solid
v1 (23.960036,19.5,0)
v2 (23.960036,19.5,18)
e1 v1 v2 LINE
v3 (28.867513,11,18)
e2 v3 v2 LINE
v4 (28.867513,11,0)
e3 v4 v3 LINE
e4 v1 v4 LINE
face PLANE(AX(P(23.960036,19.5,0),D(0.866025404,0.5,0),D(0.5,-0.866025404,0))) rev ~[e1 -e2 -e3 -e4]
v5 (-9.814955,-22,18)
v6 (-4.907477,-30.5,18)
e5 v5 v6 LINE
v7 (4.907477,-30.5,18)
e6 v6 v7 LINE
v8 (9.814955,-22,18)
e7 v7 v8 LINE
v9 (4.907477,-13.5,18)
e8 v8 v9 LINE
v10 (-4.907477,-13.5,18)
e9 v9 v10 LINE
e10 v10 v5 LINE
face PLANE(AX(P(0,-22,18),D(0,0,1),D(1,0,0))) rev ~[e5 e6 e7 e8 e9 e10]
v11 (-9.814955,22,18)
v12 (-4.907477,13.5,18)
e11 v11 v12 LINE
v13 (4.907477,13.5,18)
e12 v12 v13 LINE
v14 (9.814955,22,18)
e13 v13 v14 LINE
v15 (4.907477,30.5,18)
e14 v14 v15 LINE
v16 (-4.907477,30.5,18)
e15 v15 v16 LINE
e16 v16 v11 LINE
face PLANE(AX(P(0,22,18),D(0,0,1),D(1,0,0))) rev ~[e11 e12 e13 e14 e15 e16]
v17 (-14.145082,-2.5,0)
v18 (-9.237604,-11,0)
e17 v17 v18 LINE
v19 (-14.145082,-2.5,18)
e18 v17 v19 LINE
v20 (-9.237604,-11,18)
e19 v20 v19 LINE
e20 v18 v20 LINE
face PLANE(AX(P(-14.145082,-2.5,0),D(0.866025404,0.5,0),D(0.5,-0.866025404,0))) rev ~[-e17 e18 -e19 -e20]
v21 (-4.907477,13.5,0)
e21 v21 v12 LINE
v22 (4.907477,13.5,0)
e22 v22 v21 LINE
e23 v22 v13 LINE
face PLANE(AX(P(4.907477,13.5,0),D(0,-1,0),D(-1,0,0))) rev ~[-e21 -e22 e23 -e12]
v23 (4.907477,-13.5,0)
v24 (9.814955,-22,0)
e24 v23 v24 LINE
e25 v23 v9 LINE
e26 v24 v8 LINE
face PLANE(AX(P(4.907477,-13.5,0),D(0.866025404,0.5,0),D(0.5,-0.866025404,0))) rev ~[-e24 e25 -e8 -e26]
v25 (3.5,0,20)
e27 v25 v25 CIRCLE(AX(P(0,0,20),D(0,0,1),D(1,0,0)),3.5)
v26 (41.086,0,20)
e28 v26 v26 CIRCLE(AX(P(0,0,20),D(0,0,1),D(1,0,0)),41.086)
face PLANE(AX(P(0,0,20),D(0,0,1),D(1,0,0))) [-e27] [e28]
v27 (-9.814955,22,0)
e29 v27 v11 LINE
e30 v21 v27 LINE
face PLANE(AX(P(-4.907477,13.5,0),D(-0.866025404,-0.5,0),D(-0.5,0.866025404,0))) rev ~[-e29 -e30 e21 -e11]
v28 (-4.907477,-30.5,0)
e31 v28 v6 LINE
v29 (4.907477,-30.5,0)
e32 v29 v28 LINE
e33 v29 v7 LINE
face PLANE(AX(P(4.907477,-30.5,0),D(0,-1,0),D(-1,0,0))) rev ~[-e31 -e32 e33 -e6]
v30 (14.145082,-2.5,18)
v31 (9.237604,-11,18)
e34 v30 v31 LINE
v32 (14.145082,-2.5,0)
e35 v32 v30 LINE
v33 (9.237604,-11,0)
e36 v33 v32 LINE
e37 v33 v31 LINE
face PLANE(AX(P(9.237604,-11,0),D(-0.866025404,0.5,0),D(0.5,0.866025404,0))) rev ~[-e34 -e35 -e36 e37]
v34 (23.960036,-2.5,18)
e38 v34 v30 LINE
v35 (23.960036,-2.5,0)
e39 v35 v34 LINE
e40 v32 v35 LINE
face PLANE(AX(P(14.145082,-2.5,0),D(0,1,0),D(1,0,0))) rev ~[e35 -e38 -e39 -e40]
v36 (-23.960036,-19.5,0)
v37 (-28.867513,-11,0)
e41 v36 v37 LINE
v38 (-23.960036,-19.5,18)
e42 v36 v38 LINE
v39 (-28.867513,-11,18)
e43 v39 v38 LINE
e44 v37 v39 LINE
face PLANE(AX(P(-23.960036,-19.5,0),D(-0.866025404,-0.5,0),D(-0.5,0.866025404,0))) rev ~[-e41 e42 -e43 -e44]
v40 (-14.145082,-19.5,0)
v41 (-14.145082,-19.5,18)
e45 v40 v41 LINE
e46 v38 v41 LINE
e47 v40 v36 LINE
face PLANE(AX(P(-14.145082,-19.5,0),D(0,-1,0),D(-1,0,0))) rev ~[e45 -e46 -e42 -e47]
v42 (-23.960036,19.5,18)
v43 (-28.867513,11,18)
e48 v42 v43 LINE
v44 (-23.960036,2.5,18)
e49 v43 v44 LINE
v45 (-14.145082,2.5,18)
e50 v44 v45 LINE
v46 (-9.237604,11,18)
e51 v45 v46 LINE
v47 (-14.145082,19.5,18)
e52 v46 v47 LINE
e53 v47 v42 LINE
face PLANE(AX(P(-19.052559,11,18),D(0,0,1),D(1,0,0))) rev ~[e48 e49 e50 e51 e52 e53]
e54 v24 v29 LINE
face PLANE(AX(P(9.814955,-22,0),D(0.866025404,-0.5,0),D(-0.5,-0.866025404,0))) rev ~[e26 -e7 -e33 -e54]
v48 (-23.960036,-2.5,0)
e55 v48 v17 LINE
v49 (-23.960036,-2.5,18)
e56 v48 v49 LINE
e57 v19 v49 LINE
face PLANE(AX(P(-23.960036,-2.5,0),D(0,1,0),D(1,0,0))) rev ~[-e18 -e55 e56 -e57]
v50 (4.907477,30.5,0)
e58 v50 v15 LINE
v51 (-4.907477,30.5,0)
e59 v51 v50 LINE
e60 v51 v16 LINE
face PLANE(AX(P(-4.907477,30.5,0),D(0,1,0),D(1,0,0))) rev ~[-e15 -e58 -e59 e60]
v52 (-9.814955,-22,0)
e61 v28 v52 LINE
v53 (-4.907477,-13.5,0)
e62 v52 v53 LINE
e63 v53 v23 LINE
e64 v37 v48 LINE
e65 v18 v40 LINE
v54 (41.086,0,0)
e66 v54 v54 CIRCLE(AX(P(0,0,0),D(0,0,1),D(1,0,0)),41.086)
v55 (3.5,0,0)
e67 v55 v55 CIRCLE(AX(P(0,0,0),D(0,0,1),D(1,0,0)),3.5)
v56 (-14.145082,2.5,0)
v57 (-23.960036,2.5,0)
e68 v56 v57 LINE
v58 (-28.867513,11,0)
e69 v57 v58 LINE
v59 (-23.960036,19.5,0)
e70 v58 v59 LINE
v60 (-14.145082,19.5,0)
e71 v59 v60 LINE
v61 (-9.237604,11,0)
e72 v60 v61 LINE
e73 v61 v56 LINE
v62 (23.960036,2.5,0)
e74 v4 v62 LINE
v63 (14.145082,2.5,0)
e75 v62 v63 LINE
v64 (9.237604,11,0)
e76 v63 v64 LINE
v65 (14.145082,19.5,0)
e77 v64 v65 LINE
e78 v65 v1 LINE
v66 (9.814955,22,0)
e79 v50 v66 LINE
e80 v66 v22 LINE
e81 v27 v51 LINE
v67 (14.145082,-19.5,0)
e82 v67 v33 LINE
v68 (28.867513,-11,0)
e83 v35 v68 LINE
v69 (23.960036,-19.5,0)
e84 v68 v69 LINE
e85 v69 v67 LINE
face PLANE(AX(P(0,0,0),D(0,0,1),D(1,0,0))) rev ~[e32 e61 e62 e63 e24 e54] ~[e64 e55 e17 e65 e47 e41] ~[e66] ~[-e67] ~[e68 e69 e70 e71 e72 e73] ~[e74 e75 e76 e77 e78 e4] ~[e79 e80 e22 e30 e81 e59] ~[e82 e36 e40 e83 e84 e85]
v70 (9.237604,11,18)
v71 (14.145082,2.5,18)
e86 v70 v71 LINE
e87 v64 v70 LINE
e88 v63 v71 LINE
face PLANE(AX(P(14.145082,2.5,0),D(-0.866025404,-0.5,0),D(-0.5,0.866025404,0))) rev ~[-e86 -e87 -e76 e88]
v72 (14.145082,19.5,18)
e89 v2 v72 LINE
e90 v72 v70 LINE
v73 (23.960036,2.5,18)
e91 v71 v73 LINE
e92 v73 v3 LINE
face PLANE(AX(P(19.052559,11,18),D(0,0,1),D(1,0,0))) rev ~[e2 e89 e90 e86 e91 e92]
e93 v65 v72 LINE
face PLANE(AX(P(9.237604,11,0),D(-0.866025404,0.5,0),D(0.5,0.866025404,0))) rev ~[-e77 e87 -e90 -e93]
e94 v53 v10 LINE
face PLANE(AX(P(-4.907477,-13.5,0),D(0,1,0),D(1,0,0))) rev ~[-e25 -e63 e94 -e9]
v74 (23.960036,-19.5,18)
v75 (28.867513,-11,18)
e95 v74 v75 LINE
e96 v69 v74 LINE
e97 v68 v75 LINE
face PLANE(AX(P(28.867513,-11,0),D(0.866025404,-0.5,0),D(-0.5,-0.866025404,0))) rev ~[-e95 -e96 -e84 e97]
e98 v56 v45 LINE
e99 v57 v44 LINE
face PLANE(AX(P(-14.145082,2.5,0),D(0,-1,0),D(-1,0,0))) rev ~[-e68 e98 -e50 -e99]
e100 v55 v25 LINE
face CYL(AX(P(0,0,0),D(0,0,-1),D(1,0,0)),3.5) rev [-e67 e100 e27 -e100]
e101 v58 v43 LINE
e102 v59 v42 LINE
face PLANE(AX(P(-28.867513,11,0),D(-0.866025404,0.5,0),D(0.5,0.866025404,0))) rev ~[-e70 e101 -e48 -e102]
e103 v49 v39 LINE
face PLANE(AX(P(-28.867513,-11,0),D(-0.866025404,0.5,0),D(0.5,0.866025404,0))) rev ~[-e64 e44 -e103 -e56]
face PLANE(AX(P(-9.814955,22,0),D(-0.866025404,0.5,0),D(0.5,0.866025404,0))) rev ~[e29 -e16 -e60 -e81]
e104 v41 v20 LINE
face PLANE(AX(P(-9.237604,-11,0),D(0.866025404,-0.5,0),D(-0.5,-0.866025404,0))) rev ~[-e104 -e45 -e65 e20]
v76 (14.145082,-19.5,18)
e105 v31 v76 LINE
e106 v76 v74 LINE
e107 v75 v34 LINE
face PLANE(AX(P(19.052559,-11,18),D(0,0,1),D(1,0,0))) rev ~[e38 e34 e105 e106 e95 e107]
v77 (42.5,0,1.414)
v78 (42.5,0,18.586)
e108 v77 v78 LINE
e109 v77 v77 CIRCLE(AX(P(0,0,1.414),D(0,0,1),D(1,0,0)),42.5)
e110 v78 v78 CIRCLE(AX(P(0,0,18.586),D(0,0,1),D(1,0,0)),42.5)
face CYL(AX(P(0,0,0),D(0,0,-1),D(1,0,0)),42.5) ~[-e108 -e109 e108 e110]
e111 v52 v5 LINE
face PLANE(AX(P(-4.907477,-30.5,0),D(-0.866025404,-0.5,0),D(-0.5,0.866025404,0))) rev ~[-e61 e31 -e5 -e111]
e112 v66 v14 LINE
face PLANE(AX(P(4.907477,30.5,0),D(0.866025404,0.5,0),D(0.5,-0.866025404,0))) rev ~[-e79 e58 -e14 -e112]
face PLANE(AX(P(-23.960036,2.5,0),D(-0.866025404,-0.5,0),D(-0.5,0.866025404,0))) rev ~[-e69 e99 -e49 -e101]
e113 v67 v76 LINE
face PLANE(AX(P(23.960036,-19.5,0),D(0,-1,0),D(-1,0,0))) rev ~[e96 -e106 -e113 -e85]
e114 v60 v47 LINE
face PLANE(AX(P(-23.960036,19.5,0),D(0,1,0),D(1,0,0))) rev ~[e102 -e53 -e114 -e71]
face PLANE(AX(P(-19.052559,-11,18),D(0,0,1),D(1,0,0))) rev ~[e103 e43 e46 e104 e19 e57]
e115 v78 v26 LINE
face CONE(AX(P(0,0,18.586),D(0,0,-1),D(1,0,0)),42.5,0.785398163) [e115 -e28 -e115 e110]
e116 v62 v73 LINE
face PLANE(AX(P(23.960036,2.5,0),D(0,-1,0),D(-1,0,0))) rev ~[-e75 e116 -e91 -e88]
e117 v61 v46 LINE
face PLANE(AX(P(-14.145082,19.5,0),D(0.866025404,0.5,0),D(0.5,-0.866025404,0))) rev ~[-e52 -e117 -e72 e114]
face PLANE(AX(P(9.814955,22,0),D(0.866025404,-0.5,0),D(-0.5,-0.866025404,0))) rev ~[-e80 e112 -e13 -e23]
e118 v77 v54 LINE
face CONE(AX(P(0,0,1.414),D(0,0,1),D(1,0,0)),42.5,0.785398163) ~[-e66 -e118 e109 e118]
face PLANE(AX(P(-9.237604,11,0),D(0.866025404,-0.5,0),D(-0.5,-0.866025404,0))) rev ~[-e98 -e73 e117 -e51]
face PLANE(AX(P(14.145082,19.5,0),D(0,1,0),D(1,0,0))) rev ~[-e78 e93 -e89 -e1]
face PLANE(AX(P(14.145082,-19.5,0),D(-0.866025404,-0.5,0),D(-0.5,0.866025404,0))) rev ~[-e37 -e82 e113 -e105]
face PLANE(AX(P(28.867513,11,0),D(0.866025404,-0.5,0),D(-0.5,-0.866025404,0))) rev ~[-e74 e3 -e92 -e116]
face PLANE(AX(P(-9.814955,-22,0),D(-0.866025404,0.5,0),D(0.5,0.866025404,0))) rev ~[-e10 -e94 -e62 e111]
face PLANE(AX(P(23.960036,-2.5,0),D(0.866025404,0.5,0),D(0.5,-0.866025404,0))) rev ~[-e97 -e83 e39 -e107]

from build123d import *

# Parameters (mm, degrees)
F0_R     = 42.5
F0_R_2   = 3.5
F1_DEPTH = 20
F2_START = 18
F2_DEPTH = 2
F3_SIZE  = 1.414
F4_SIZE  = 1.414


with BuildPart() as f1:
    # F0 (on Top) → F1 (new body)
    with BuildSketch(Plane.XY):
        Circle(F0_R)
        Polygon((-4.9074772881, -13.5), (4.9074772881, -13.5), (9.8149545762, -22), (4.9074772881, -30.5), (-4.9074772881, -30.5), (-9.8149545762, -22), align=None, mode=Mode.SUBTRACT)
        Polygon((-14.1450815951, -2.5), (-9.237604307, -11), (-14.1450815951, -19.5), (-23.9600361714, -19.5), (-28.8675134595, -11), (-23.9600361714, -2.5), align=None, mode=Mode.SUBTRACT)
        Polygon((9.237604307, -11), (14.1450815951, -2.5), (23.9600361714, -2.5), (28.8675134595, -11), (23.9600361714, -19.5), (14.1450815951, -19.5), align=None, mode=Mode.SUBTRACT)
        Polygon((-9.237604307, 11), (-14.1450815951, 2.5), (-23.9600361714, 2.5), (-28.8675134595, 11), (-23.9600361714, 19.5), (-14.1450815951, 19.5), align=None, mode=Mode.SUBTRACT)
        Circle(F0_R_2, mode=Mode.SUBTRACT)
        Polygon((14.1450815951, 2.5), (9.237604307, 11), (14.1450815951, 19.5), (23.9600361714, 19.5), (28.8675134595, 11), (23.9600361714, 2.5), align=None, mode=Mode.SUBTRACT)
        Polygon((9.8149545762, 22), (4.9074772881, 13.5), (-4.9074772881, 13.5), (-9.8149545762, 22), (-4.9074772881, 30.5), (4.9074772881, 30.5), align=None, mode=Mode.SUBTRACT)
    extrude(amount=F1_DEPTH)

    # F0 (on Top) → F2 (join)
    with BuildSketch(Plane.XY.offset(F2_START)):
        Polygon((-23.9600361714, 2.5), (-14.1450815951, 2.5), (-9.237604307, 11), (-14.1450815951, 19.5), (-23.9600361714, 19.5), (-28.8675134595, 11), align=None)
        Polygon((-4.9074772881, 13.5), (4.9074772881, 13.5), (9.8149545762, 22), (4.9074772881, 30.5), (-4.9074772881, 30.5), (-9.8149545762, 22), align=None)
        Polygon((14.1450815951, 19.5), (9.237604307, 11), (14.1450815951, 2.5), (23.9600361714, 2.5), (28.8675134595, 11), (23.9600361714, 19.5), align=None)
        Polygon((23.9600361714, -2.5), (14.1450815951, -2.5), (9.237604307, -11), (14.1450815951, -19.5), (23.9600361714, -19.5), (28.8675134595, -11), align=None)
        Polygon((9.8149545762, -22), (4.9074772881, -13.5), (-4.9074772881, -13.5), (-9.8149545762, -22), (-4.9074772881, -30.5), (4.9074772881, -30.5), align=None)
        Polygon((-14.1450815951, -19.5), (-9.237604307, -11), (-14.1450815951, -2.5), (-23.9600361714, -2.5), (-28.8675134595, -11), (-23.9600361714, -19.5), align=None)
    extrude(amount=F2_DEPTH)

    # F3
    f3_edges = [f1.edges().sort_by_distance(p)[0] for p in [
        (-42.5, 0, 20),
    ]]
    chamfer(f3_edges, length=F3_SIZE)

    # F4
    f4_edges = [f1.edges().sort_by_distance(p)[0] for p in [
        (-42.5, 0, 0),
    ]]
    chamfer(f4_edges, length=F4_SIZE)


solid = f1.part
